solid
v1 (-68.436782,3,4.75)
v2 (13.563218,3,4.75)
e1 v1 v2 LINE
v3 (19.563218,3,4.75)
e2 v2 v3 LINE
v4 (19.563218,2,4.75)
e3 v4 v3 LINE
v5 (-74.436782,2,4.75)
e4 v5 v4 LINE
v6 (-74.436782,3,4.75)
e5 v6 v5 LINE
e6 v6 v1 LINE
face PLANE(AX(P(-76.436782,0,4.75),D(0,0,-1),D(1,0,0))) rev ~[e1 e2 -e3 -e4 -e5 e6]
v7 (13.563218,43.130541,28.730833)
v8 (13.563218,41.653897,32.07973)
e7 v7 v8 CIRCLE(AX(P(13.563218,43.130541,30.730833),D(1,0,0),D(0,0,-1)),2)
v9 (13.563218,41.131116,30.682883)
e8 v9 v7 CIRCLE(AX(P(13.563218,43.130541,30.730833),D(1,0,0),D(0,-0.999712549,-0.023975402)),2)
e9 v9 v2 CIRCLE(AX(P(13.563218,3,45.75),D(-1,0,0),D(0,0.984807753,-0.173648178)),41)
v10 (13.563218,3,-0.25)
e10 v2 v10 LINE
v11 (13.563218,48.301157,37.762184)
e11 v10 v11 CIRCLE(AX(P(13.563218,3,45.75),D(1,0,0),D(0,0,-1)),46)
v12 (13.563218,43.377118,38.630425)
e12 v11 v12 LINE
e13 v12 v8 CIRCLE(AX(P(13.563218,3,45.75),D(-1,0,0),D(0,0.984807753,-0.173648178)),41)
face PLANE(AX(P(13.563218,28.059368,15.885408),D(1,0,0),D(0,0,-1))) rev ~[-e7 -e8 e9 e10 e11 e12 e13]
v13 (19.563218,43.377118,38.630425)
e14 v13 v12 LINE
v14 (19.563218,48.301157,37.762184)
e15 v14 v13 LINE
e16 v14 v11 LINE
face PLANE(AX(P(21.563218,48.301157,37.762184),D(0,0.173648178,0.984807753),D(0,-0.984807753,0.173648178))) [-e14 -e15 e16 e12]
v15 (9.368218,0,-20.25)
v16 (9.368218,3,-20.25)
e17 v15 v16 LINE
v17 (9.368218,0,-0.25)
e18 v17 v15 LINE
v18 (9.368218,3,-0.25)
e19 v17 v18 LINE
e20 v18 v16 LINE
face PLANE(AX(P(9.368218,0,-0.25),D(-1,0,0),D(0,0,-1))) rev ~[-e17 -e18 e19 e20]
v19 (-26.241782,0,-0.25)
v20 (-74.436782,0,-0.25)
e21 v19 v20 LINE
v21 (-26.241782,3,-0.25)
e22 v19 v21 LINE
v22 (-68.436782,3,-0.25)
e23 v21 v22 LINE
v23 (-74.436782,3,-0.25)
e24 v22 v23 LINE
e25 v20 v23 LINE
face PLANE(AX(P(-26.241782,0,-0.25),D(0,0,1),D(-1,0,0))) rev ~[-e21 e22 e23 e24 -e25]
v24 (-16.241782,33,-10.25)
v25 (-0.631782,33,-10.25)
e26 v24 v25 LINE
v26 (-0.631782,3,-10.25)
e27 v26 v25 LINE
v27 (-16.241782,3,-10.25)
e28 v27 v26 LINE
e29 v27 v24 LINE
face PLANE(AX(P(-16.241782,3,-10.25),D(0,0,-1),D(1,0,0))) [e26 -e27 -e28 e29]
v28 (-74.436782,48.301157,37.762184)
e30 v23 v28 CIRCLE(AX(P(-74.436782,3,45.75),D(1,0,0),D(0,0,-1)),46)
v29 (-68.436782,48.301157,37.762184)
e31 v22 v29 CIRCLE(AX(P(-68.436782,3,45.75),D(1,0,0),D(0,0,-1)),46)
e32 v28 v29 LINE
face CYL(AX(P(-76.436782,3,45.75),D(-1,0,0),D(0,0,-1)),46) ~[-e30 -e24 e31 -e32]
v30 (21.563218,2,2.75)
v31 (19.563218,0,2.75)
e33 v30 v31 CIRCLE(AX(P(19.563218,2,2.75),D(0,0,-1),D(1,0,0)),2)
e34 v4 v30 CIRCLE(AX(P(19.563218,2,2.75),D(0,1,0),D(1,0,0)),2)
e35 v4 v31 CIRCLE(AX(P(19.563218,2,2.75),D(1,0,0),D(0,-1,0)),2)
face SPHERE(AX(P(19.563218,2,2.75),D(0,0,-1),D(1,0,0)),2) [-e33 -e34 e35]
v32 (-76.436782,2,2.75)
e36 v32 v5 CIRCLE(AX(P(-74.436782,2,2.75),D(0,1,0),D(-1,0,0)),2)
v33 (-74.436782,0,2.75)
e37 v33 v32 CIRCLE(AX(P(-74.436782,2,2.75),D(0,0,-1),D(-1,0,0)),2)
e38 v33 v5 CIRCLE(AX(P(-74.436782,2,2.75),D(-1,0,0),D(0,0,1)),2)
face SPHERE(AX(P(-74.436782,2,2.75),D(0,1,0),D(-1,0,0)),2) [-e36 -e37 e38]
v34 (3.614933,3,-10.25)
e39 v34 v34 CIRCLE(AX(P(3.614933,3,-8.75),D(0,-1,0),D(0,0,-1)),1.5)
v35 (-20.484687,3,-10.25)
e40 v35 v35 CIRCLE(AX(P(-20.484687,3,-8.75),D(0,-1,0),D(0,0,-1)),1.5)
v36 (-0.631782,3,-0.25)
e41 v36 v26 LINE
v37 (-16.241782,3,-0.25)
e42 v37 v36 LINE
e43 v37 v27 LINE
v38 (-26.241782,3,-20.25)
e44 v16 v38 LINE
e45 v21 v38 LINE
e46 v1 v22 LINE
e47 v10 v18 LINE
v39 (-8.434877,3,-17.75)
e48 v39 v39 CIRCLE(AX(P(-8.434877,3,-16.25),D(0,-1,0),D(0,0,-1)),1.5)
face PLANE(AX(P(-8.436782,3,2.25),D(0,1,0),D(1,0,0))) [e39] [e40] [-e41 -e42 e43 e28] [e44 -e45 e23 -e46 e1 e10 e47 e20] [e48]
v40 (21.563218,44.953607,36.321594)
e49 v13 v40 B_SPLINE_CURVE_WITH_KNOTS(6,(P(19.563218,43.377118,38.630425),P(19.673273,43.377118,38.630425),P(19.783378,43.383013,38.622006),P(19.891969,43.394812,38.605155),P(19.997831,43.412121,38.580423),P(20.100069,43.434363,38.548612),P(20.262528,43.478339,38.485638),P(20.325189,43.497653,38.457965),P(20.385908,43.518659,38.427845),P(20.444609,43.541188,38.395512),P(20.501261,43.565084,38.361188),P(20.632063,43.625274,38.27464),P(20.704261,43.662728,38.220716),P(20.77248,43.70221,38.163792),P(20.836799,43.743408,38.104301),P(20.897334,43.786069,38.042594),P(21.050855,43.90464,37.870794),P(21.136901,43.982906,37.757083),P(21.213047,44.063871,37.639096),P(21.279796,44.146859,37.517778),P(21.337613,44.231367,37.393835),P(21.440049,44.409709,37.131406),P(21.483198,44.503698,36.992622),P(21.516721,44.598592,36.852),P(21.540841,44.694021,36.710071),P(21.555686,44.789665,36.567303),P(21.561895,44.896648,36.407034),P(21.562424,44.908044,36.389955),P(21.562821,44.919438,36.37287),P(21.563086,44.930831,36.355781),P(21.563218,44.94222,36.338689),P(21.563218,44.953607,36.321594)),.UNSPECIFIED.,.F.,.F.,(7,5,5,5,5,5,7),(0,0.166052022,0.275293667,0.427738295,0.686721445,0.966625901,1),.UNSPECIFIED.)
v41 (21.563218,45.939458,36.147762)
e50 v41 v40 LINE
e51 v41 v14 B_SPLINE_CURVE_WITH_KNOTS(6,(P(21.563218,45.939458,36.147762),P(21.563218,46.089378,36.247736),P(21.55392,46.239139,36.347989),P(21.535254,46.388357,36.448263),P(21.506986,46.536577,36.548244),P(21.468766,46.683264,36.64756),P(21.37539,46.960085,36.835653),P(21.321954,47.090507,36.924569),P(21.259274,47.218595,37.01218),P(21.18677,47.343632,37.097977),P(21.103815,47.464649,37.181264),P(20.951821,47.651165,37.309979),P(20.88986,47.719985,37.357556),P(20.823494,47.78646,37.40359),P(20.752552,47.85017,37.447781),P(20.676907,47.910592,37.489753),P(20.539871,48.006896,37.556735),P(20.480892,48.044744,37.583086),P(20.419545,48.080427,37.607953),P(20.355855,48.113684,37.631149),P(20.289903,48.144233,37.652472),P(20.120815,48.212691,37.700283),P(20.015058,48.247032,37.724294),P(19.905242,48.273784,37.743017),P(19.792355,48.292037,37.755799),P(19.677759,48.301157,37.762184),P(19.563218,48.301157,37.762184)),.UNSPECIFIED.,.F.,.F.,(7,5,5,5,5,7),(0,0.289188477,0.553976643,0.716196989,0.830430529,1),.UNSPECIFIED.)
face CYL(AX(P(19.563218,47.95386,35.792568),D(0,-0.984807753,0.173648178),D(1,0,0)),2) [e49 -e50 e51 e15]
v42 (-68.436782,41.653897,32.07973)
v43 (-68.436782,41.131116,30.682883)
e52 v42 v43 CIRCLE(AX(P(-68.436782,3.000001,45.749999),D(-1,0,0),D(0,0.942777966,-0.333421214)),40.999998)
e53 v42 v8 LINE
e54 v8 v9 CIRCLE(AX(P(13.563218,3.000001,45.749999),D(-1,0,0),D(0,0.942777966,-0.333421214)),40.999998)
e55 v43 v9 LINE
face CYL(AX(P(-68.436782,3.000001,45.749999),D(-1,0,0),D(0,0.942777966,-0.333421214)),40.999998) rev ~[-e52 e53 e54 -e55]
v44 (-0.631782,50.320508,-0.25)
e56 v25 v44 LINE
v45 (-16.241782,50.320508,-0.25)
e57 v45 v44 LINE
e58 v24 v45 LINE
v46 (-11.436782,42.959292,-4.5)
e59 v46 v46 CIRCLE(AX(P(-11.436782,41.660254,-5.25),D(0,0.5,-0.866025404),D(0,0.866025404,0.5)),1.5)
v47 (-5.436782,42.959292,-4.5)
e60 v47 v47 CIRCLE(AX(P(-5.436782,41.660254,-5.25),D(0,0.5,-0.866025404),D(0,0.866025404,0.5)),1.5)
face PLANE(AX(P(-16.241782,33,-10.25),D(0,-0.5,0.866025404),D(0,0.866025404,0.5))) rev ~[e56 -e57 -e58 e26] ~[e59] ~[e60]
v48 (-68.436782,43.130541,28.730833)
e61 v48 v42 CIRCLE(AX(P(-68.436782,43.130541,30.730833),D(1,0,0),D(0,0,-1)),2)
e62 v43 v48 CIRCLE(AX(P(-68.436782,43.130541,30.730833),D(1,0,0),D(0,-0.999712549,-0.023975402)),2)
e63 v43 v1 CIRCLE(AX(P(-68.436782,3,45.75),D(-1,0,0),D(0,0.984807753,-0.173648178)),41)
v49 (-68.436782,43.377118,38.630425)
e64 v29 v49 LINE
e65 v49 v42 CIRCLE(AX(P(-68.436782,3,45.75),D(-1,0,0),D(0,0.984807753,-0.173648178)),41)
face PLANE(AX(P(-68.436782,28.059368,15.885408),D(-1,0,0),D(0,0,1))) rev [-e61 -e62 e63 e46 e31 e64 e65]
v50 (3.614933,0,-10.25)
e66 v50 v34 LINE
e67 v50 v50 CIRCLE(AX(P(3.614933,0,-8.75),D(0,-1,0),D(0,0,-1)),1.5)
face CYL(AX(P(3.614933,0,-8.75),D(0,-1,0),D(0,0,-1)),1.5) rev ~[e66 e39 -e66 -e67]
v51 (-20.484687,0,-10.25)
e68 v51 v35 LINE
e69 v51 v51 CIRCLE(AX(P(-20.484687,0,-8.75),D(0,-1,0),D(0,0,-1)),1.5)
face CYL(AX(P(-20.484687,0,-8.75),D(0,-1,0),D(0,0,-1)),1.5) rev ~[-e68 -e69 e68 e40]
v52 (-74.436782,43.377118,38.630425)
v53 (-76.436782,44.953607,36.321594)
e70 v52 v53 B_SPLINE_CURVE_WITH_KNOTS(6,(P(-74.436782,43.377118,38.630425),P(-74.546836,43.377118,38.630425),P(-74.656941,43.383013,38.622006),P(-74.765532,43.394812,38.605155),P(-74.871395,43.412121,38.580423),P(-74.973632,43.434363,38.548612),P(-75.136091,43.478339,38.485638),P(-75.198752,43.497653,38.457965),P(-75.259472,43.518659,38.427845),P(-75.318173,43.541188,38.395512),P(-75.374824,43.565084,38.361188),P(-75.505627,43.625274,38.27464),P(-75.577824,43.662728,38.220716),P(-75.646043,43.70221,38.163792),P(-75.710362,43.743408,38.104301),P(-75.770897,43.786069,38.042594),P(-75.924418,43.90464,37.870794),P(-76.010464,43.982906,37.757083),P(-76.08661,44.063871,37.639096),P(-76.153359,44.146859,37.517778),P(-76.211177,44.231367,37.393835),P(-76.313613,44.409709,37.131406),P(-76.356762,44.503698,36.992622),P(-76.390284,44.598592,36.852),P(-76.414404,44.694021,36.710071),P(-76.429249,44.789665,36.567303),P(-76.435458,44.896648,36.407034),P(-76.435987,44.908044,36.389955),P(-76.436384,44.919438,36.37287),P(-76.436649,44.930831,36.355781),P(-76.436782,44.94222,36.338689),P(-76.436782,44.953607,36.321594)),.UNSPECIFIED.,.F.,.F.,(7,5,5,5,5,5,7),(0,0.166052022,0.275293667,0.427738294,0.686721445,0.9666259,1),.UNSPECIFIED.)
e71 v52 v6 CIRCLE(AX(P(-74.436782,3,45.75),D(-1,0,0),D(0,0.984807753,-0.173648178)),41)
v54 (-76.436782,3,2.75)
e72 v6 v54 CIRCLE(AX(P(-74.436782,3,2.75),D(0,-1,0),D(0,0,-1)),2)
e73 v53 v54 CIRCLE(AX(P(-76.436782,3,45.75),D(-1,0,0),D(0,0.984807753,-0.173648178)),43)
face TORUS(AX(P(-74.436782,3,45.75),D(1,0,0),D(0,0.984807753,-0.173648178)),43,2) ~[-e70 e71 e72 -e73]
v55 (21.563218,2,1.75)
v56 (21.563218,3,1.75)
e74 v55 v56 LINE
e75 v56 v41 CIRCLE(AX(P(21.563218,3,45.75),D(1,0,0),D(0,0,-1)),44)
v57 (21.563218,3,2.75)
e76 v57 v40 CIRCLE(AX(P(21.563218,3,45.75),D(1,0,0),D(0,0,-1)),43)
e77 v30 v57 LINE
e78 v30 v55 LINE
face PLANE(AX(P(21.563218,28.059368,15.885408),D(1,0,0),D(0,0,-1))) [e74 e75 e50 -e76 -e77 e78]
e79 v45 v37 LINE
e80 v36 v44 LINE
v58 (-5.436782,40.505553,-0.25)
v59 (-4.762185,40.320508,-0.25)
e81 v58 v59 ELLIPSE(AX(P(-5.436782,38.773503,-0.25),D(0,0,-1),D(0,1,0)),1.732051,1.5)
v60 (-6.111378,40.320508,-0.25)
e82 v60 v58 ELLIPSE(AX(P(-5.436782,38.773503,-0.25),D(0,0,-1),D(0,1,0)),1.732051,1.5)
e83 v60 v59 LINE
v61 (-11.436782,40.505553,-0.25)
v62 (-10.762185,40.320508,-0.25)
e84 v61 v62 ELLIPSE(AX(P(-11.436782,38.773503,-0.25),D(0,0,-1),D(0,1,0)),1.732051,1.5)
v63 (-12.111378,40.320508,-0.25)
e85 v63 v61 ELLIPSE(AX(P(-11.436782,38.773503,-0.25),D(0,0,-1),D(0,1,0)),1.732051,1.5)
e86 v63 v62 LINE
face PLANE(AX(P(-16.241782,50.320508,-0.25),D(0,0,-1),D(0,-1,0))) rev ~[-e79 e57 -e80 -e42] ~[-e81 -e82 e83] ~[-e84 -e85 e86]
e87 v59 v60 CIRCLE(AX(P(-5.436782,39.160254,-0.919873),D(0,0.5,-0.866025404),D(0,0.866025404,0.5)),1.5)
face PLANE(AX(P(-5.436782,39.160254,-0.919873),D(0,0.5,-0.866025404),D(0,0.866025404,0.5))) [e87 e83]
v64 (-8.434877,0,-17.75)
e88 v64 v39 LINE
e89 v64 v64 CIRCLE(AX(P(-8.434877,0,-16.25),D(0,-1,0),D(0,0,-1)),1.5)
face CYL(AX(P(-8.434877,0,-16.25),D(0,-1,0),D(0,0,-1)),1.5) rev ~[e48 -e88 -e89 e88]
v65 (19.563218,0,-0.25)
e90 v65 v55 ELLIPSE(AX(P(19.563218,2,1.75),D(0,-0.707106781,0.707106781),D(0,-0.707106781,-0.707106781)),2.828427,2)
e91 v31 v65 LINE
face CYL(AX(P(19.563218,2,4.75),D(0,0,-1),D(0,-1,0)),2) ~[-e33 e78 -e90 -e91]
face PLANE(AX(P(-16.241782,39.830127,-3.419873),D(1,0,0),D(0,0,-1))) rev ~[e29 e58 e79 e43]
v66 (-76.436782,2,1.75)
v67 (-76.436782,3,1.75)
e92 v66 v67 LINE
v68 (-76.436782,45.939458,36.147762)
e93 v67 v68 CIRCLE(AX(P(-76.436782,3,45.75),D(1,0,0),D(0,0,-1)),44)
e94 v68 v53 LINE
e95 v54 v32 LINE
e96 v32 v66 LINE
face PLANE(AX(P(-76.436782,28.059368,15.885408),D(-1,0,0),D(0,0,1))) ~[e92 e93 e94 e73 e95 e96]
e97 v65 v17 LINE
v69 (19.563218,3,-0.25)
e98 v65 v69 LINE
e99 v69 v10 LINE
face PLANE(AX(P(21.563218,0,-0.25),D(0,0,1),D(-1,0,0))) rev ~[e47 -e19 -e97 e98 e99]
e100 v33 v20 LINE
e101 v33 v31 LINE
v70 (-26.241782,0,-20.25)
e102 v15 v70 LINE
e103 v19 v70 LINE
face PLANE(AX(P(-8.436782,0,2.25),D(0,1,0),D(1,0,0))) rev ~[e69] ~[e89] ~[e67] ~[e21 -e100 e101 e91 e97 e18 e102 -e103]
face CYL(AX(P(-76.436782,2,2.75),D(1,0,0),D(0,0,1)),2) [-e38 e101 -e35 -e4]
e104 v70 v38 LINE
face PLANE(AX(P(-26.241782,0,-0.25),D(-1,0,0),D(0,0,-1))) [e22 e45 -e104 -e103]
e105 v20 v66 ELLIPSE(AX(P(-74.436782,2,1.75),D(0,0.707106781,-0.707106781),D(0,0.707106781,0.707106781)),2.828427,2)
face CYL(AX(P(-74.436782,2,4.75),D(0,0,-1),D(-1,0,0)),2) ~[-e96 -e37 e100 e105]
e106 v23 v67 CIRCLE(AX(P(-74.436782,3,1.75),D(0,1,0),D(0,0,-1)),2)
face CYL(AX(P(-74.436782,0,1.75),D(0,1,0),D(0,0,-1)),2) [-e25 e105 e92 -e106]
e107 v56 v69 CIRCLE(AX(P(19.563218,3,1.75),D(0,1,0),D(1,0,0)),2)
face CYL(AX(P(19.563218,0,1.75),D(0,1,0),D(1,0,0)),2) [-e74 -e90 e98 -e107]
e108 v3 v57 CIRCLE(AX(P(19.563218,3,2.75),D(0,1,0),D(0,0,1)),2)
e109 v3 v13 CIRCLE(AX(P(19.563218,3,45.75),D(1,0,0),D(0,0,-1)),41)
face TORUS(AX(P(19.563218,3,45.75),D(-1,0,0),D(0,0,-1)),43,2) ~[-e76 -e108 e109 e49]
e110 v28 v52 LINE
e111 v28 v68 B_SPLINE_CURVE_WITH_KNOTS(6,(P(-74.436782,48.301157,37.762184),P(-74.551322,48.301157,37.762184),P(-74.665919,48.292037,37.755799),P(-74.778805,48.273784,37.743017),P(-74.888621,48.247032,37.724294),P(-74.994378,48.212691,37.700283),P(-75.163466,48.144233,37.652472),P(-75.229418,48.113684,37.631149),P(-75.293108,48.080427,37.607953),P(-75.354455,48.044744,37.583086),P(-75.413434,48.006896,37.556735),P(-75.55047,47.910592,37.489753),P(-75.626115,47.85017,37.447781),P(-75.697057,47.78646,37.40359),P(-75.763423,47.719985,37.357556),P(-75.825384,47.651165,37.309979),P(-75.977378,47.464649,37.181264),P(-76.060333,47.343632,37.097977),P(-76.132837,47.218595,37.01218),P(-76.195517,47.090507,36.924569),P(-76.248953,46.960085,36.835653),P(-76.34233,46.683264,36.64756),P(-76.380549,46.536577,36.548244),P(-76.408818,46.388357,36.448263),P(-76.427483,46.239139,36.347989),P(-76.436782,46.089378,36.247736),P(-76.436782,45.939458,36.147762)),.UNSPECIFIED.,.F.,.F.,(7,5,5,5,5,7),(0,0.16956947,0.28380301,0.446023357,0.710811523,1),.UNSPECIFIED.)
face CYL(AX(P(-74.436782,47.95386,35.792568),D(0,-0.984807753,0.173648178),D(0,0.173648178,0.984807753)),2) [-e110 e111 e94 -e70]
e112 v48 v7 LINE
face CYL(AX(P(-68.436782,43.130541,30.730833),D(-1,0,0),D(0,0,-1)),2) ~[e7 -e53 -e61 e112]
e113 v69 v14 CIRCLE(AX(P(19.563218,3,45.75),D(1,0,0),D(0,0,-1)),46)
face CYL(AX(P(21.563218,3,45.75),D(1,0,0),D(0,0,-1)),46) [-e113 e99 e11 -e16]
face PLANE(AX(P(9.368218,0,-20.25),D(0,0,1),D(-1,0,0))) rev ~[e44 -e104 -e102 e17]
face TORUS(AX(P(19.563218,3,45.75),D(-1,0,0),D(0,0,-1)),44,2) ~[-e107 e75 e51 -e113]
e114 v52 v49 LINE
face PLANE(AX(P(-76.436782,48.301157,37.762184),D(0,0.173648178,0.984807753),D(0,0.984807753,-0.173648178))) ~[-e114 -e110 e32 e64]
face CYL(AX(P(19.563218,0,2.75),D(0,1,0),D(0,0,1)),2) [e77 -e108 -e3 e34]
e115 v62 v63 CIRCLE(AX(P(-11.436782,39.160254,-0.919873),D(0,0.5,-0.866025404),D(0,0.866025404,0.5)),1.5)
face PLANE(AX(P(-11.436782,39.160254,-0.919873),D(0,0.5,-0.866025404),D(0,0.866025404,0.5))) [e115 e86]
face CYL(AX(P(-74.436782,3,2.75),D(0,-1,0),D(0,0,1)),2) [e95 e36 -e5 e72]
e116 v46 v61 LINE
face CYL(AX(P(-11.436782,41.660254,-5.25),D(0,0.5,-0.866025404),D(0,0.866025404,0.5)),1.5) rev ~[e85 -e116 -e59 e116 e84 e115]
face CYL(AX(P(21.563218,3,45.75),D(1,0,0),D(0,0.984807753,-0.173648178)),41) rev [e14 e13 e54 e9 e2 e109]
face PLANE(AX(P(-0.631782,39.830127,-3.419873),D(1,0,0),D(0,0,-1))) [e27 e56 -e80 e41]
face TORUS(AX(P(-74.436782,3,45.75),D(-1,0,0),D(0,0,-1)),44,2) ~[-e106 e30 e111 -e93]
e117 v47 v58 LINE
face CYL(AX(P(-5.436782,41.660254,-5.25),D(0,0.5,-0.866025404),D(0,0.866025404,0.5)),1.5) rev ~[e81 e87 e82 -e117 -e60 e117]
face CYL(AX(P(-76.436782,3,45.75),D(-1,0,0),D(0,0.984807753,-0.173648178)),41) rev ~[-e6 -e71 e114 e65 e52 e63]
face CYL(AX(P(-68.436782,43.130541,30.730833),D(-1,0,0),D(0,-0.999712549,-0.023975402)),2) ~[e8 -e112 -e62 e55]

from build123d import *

# Parameters (mm, degrees)
SKETCH1_W           = 17.805
SKETCH1_H           = 20
SKETCH1_W_2         = 38
SKETCH1_H_2         = 5
BOSS_EXTRUDE1_DEPTH = 3
SKETCH3_R           = 1.5
CUT_EXTRUDE1_DEPTH  = 5
SKETCH7_W           = 15.61
SKETCH7_H           = 10
BOSS_EXTRUDE4_DEPTH = 30
BOSS_EXTRUDE5_DEPTH = 15.61
SKETCH9_R           = 1.5
CUT_EXTRUDE2_DEPTH  = 5
BOSS_EXTRUDE6_DEPTH = 8
FILLET4_R           = 2
BOSS_EXTRUDE7_DEPTH = 82


with BuildPart() as part:
    # Sketch1 → Boss-Extrude1 (new body)
    with BuildSketch(Plane(origin=(0, 0, 0), x_dir=(1, 0, 0), z_dir=(0, 1, 0))):
        Polygon((9.368218391, 0.25), (-8.436781609, 0.25), (-26.241781609, 0.25), (-38.436781609, 0.25), (-38.436781609, -4.75), (21.563218391, -4.75), (21.563218391, 0.25), align=None)
        with Locations((0.465718391, 10.25)):
            Rectangle(SKETCH1_W, SKETCH1_H)
        with Locations((-17.339281609, 10.25)):
            Rectangle(SKETCH1_W, SKETCH1_H)
        with Locations((-57.436781609, -2.25)):
            Rectangle(SKETCH1_W_2, SKETCH1_H_2)
    extrude(amount=BOSS_EXTRUDE1_DEPTH)

    # Sketch3 → Cut-Extrude1 (cut)
    with BuildSketch(Plane.XZ):
        with Locations(Location((-20.484687418, -8.75, 0), (0, 0, 270))):
            Circle(SKETCH3_R)
        with Locations(Location((-8.434877213, -16.25, 0), (0, 0, 270))):
            Circle(SKETCH3_R)
        with Locations(Location((3.614932992, -8.75, 0), (0, 0, 270))):
            Circle(SKETCH3_R)
    extrude(amount=-CUT_EXTRUDE1_DEPTH, mode=Mode.SUBTRACT)

    # Sketch7 → Boss-Extrude4 (add)
    with BuildSketch(Plane(origin=(0, 3, 0), x_dir=(1, 0, 0), z_dir=(0, 1, 0))):
        with Locations((-8.436781609, 5.25)):
            Rectangle(SKETCH7_W, SKETCH7_H)
    extrude(amount=BOSS_EXTRUDE4_DEPTH)

    # Sketch8 → Boss-Extrude5 (add)
    with BuildSketch(Plane.ZY.offset(16.241781609)):
        Polygon((-10.25, 33), (-0.25, 50.320508076), (-0.25, 33), align=None)
    extrude(amount=-BOSS_EXTRUDE5_DEPTH)

    # Sketch9 → Cut-Extrude2 (cut)
    with BuildSketch(Plane(origin=(0, 12.688380194, -21.976919162), x_dir=(1, 0, 0), z_dir=(0, 0.4999999999999978, -0.8660254037844399))):
        with Locations(Location((-11.436781609, -33.453838325, 0), (0, 0, 270))):
            Circle(SKETCH9_R)
        with Locations(Location((-5.436781609, -33.453838325, 0), (0, 0, 270))):
            Circle(SKETCH9_R)
    extrude(amount=-CUT_EXTRUDE2_DEPTH, mode=Mode.SUBTRACT)

    # Sketch2 → Boss-Extrude6 (add)
    with BuildSketch(Plane(origin=(21.563218391, 0, 0), x_dir=(0, 0, -1), z_dir=(1, 0, 0))):
        with BuildLine():
            Line((-37.762183827, 48.301156639), (-38.630424716, 43.377117874))
            ThreePointArc((-38.630424716, 43.377117874), (-14.342177832, 29.354291997), (-4.75, 3))
            Line((-4.75, 3), (0.25, 3))
            ThreePointArc((0.25, 3), (-10.511955617, 32.568230046), (-37.762183827, 48.301156639))
        make_face()
    boss_extrude6 = extrude(amount=-BOSS_EXTRUDE6_DEPTH)

    # Mirror1: Boss-Extrude6 across plane
    add(boss_extrude6.mirror(Plane.ZY.offset(27.436781609)))

    # Fillet4
    fillet4_edges = [part.edges().sort_by_distance(p)[0] for p in [
        (-76.436781609, 29.354291997, 14.342177832),
        (-76.436781609, 32.568230046, 10.511955617),
        (-76.436781609, 45.839137256, 38.196304271),
        (21.563218391, 0, 2.25),
        (21.563218391, 1.5, 4.75),
        (21.563218391, 1.5, -0.25),
        (-76.436781609, 1.5, -0.25),
        (-76.436781609, 1.5, 4.75),
        (-76.436781609, 0, 2.25),
        (21.563218391, 29.354291997, 14.342177832),
        (-27.436781609, 0, 4.75),
        (21.563218391, 32.568230046, 10.511955617),
        (21.563218391, 45.839137256, 38.196304271),
    ]]
    fillet(fillet4_edges, radius=FILLET4_R)

    # Sketch10 → Boss-Extrude7 (add)
    with BuildSketch(Plane(origin=(-68.436781609, 0, 0), x_dir=(0, 0, -1), z_dir=(1, 0, 0))):
        with BuildLine():
            ThreePointArc((-32.079730178, 41.653896608), (-31.378929062, 41.398858318), (-30.682882682, 41.131115585))
            ThreePointArc((-30.682882682, 41.131115585), (-29.29976717, 41.733383141), (-28.730833488, 43.130540682))
            ThreePointArc((-28.730833488, 43.130540682), (-31.537743217, 44.960539777), (-32.079730178, 41.653896608))
        make_face()
    extrude(amount=BOSS_EXTRUDE7_DEPTH)


solid = part.part
